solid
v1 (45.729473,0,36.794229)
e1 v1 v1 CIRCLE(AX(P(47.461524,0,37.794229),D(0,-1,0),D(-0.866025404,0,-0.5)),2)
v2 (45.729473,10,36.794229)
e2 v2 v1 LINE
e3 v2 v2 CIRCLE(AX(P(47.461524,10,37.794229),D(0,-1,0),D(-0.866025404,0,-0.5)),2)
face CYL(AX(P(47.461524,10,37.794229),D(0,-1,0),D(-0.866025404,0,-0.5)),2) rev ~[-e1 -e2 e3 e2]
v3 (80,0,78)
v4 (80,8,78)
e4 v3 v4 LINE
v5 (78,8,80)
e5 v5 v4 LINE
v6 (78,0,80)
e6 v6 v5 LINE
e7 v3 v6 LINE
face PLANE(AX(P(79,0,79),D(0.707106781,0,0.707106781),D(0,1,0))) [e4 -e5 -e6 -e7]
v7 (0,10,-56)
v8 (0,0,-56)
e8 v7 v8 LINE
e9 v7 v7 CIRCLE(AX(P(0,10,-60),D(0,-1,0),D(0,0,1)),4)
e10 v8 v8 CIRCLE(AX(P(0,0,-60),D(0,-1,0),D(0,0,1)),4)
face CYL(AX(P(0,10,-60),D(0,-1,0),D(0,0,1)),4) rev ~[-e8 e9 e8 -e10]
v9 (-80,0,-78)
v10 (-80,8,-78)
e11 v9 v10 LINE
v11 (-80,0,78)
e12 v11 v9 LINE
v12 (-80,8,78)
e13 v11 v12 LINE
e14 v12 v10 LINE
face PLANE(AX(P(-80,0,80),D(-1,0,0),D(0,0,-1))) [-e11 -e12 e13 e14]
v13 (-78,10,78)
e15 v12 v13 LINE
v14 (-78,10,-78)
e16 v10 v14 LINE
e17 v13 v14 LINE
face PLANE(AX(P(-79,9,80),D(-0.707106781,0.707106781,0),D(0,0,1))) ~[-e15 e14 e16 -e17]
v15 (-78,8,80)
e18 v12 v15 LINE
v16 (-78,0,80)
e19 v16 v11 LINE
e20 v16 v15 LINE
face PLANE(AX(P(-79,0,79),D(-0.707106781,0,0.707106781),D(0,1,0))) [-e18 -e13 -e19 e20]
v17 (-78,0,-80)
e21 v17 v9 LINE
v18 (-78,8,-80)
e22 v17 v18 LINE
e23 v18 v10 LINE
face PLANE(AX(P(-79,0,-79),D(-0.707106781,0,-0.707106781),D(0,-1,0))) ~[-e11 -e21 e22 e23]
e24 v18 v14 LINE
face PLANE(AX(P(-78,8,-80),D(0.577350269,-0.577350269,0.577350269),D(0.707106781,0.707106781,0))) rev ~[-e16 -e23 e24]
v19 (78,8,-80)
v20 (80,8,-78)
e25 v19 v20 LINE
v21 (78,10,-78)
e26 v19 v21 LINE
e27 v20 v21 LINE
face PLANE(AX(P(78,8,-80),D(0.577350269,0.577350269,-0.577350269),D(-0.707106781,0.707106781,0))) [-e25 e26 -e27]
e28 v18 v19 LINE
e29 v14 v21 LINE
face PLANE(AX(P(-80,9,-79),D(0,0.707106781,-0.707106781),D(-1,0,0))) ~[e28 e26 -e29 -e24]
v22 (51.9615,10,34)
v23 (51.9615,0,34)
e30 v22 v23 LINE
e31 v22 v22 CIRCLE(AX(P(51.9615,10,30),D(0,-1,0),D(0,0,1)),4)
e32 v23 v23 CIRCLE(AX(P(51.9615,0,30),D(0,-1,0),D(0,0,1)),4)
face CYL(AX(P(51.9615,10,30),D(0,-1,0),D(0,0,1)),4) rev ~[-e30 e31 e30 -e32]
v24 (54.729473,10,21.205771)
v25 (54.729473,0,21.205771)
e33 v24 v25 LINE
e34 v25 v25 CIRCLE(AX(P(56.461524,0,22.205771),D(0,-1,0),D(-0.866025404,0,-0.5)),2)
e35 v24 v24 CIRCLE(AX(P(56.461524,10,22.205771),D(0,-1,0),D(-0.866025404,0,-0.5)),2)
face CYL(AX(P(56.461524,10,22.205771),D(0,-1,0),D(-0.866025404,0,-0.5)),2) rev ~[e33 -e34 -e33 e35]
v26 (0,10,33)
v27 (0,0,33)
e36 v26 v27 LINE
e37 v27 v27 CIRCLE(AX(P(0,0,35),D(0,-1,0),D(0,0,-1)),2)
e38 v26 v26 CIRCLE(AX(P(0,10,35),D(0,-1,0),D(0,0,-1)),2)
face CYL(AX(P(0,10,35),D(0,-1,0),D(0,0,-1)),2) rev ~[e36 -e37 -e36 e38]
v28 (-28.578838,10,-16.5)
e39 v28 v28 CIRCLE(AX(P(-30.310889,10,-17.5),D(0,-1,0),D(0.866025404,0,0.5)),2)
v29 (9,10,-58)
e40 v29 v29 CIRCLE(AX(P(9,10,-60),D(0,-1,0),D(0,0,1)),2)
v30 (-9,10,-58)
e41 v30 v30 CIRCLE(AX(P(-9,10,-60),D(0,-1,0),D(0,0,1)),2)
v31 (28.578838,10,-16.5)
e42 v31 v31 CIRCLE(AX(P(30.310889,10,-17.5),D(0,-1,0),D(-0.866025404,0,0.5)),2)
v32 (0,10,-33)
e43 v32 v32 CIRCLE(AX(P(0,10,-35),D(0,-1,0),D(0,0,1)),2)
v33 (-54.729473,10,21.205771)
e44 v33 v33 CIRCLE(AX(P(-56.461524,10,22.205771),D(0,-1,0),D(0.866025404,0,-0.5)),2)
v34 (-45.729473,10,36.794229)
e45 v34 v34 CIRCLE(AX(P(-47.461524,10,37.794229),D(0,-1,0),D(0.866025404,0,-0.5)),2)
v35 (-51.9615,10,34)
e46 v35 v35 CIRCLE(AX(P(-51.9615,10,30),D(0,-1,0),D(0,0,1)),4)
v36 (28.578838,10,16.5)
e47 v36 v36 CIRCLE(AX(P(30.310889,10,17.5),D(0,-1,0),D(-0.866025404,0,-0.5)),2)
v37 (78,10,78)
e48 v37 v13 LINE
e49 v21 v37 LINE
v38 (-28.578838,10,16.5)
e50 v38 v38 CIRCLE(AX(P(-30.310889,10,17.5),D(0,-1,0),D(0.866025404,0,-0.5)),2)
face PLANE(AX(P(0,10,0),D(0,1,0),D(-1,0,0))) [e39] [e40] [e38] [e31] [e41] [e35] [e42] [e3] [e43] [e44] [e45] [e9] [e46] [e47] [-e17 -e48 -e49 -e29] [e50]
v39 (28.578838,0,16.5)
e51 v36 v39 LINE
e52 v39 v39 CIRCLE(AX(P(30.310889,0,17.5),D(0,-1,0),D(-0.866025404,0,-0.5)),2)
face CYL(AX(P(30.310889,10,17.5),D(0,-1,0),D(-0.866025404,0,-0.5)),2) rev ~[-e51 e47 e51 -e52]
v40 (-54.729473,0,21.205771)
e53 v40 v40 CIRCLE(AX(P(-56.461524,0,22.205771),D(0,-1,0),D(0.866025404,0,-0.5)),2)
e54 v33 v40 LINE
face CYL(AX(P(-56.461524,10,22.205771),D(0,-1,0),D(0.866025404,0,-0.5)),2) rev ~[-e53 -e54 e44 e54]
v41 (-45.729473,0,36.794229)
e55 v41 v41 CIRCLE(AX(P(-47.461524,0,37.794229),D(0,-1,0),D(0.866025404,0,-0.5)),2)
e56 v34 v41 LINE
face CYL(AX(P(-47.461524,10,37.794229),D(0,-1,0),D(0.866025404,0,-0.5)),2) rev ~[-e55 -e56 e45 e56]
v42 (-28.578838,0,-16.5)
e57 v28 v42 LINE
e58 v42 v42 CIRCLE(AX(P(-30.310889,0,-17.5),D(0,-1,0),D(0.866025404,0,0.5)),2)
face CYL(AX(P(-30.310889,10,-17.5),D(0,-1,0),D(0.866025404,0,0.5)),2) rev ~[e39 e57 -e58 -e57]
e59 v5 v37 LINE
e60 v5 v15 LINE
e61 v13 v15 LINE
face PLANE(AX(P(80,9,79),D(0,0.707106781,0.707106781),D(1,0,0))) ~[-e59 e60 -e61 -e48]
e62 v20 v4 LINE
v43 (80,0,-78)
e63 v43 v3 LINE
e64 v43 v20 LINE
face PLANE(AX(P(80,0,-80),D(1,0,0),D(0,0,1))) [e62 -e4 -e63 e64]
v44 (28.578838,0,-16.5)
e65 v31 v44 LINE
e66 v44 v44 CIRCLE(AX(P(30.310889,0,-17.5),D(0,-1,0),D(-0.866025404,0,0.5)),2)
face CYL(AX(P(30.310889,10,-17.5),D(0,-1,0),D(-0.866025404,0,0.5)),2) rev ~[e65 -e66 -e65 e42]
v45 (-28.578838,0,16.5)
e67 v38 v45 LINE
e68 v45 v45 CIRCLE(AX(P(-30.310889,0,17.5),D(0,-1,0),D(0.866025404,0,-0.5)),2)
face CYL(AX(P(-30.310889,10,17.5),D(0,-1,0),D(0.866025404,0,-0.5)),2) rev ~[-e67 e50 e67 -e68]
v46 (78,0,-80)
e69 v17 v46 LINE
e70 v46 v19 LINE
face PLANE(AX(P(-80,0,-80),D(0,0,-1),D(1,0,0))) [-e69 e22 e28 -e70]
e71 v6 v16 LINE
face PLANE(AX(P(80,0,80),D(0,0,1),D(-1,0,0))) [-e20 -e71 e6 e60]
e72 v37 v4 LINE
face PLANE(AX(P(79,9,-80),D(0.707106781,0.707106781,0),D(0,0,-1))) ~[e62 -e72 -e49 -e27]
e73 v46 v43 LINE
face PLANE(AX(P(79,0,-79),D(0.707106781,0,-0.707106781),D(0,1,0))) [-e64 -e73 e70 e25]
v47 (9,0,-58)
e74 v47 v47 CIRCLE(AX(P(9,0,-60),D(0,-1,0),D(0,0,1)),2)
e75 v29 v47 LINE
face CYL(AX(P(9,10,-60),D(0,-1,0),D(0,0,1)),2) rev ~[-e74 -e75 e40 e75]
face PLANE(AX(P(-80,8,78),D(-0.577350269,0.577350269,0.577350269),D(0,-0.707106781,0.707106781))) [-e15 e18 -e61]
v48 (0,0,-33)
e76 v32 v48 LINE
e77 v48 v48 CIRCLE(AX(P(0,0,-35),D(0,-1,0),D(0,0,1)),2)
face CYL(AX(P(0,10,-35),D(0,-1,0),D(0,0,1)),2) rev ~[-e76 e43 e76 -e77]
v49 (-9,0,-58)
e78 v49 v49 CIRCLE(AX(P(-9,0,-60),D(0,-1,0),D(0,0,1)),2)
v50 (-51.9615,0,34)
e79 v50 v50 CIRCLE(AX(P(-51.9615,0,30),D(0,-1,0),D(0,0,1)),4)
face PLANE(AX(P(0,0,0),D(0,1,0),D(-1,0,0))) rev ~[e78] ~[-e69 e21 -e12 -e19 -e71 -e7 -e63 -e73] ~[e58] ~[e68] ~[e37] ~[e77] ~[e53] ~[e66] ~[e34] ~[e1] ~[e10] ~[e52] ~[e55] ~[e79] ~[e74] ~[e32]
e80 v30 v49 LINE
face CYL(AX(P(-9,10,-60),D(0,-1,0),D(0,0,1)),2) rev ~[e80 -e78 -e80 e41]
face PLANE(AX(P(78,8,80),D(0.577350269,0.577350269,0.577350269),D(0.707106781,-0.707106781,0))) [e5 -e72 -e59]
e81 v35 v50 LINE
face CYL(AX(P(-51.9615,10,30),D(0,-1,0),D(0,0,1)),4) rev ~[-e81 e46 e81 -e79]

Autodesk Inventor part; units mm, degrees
ref_plane "YZ Plane" through (0, 0, 0) normal (1, 0, 0) x (0, 1, 0)
ref_plane "XZ Plane" through (0, 0, 0) normal (0, 1, 0) x (-1, 0, 0)
ref_plane "XY Plane" through (0, 0, 0) normal (0, 0, 1) x (1, 0, 0)
sketch "Sketch1" plane through (0, 0, 0) normal (0, 1, 0) x (-1, 0, 0)
  point P0 (0, 0)
sketch "Sketch2" plane through (0, 0, 0) normal (0, 1, 0) x (-1, 0, 0)
  line L0 (80, -80) -> (-80, -80)
  line L1 (-80, -80) -> (-80, 80)
  line L2 (-80, 80) -> (80, 80)
  line L3 (80, 80) -> (80, -80)
  line L4 (80, -80) -> (-80, 80) construction
  line L5 (-80, -80) -> (80, 80) construction
  point P0 (0, 0)
  dimension "d0" = 160
  dimension "d1" = 160
extrude "Extrusion1" add sketch "Sketch2" along normal blind 10
chamfer "Chamfer1" distance 2 angle 45 8 edges at (80, 10, 0) (0, 10, 80) (80, 5, 80) (80, 5, -80) (-80, 10, 0) (-80, 5, 80) (-80, 5, -80) (0, 10, -80)
sketch "Sketch3" plane through (0, 10, 0) normal (0, 1, 0) x (1, 0, 0)
  point P0 (0, 0)
  point P1 (0, 60)
  point P2 (-51.9615, -30)
  point P3 (51.9615, -30)
  dimension "d8" = 60
  dimension "d11" = 360
hole "Hole1" at (0, 10, -60) at (-51.9615, 10, 30) at (51.9615, 10, 30) direction (0, -1, 0) diameter 8 end through all
sketch "Sketch4" plane through (0, 10, 0) normal (0, 1, 0) x (1, 0, 0)
  circle A0 centre (0, 60) radius 4 projected
  point P0 (0, 0)
  point P1 (-9, 60)
  point P2 (9, 60)
  dimension "d20" = 18
  dimension "d21" = 9
hole "Hole2" at (-9, 10, -60) at (9, 10, -60) direction (0, -1, 0) diameter 4 end through all
pattern_circular "Circular Pattern1" count 3 over 360 about axis through (0, -10, 0) along (0, 1, 0) of "Hole2"
sketch "Sketch5" plane through (0, 10, 0) normal (0, 1, 0) x (1, 0, 0)
  point P0 (0, 0)
  point P1 (0, 35)
  dimension "d32" = 35
hole "Hole3" at (0, 10, -35) direction (0, -1, 0) diameter 4 end through all
pattern_circular "Circular Pattern2" count 6 over 360 about axis through (0, -10, 0) along (0, 1, 0) of "Hole3"
properties part number "De_Go" material "Wood (Oak)"
